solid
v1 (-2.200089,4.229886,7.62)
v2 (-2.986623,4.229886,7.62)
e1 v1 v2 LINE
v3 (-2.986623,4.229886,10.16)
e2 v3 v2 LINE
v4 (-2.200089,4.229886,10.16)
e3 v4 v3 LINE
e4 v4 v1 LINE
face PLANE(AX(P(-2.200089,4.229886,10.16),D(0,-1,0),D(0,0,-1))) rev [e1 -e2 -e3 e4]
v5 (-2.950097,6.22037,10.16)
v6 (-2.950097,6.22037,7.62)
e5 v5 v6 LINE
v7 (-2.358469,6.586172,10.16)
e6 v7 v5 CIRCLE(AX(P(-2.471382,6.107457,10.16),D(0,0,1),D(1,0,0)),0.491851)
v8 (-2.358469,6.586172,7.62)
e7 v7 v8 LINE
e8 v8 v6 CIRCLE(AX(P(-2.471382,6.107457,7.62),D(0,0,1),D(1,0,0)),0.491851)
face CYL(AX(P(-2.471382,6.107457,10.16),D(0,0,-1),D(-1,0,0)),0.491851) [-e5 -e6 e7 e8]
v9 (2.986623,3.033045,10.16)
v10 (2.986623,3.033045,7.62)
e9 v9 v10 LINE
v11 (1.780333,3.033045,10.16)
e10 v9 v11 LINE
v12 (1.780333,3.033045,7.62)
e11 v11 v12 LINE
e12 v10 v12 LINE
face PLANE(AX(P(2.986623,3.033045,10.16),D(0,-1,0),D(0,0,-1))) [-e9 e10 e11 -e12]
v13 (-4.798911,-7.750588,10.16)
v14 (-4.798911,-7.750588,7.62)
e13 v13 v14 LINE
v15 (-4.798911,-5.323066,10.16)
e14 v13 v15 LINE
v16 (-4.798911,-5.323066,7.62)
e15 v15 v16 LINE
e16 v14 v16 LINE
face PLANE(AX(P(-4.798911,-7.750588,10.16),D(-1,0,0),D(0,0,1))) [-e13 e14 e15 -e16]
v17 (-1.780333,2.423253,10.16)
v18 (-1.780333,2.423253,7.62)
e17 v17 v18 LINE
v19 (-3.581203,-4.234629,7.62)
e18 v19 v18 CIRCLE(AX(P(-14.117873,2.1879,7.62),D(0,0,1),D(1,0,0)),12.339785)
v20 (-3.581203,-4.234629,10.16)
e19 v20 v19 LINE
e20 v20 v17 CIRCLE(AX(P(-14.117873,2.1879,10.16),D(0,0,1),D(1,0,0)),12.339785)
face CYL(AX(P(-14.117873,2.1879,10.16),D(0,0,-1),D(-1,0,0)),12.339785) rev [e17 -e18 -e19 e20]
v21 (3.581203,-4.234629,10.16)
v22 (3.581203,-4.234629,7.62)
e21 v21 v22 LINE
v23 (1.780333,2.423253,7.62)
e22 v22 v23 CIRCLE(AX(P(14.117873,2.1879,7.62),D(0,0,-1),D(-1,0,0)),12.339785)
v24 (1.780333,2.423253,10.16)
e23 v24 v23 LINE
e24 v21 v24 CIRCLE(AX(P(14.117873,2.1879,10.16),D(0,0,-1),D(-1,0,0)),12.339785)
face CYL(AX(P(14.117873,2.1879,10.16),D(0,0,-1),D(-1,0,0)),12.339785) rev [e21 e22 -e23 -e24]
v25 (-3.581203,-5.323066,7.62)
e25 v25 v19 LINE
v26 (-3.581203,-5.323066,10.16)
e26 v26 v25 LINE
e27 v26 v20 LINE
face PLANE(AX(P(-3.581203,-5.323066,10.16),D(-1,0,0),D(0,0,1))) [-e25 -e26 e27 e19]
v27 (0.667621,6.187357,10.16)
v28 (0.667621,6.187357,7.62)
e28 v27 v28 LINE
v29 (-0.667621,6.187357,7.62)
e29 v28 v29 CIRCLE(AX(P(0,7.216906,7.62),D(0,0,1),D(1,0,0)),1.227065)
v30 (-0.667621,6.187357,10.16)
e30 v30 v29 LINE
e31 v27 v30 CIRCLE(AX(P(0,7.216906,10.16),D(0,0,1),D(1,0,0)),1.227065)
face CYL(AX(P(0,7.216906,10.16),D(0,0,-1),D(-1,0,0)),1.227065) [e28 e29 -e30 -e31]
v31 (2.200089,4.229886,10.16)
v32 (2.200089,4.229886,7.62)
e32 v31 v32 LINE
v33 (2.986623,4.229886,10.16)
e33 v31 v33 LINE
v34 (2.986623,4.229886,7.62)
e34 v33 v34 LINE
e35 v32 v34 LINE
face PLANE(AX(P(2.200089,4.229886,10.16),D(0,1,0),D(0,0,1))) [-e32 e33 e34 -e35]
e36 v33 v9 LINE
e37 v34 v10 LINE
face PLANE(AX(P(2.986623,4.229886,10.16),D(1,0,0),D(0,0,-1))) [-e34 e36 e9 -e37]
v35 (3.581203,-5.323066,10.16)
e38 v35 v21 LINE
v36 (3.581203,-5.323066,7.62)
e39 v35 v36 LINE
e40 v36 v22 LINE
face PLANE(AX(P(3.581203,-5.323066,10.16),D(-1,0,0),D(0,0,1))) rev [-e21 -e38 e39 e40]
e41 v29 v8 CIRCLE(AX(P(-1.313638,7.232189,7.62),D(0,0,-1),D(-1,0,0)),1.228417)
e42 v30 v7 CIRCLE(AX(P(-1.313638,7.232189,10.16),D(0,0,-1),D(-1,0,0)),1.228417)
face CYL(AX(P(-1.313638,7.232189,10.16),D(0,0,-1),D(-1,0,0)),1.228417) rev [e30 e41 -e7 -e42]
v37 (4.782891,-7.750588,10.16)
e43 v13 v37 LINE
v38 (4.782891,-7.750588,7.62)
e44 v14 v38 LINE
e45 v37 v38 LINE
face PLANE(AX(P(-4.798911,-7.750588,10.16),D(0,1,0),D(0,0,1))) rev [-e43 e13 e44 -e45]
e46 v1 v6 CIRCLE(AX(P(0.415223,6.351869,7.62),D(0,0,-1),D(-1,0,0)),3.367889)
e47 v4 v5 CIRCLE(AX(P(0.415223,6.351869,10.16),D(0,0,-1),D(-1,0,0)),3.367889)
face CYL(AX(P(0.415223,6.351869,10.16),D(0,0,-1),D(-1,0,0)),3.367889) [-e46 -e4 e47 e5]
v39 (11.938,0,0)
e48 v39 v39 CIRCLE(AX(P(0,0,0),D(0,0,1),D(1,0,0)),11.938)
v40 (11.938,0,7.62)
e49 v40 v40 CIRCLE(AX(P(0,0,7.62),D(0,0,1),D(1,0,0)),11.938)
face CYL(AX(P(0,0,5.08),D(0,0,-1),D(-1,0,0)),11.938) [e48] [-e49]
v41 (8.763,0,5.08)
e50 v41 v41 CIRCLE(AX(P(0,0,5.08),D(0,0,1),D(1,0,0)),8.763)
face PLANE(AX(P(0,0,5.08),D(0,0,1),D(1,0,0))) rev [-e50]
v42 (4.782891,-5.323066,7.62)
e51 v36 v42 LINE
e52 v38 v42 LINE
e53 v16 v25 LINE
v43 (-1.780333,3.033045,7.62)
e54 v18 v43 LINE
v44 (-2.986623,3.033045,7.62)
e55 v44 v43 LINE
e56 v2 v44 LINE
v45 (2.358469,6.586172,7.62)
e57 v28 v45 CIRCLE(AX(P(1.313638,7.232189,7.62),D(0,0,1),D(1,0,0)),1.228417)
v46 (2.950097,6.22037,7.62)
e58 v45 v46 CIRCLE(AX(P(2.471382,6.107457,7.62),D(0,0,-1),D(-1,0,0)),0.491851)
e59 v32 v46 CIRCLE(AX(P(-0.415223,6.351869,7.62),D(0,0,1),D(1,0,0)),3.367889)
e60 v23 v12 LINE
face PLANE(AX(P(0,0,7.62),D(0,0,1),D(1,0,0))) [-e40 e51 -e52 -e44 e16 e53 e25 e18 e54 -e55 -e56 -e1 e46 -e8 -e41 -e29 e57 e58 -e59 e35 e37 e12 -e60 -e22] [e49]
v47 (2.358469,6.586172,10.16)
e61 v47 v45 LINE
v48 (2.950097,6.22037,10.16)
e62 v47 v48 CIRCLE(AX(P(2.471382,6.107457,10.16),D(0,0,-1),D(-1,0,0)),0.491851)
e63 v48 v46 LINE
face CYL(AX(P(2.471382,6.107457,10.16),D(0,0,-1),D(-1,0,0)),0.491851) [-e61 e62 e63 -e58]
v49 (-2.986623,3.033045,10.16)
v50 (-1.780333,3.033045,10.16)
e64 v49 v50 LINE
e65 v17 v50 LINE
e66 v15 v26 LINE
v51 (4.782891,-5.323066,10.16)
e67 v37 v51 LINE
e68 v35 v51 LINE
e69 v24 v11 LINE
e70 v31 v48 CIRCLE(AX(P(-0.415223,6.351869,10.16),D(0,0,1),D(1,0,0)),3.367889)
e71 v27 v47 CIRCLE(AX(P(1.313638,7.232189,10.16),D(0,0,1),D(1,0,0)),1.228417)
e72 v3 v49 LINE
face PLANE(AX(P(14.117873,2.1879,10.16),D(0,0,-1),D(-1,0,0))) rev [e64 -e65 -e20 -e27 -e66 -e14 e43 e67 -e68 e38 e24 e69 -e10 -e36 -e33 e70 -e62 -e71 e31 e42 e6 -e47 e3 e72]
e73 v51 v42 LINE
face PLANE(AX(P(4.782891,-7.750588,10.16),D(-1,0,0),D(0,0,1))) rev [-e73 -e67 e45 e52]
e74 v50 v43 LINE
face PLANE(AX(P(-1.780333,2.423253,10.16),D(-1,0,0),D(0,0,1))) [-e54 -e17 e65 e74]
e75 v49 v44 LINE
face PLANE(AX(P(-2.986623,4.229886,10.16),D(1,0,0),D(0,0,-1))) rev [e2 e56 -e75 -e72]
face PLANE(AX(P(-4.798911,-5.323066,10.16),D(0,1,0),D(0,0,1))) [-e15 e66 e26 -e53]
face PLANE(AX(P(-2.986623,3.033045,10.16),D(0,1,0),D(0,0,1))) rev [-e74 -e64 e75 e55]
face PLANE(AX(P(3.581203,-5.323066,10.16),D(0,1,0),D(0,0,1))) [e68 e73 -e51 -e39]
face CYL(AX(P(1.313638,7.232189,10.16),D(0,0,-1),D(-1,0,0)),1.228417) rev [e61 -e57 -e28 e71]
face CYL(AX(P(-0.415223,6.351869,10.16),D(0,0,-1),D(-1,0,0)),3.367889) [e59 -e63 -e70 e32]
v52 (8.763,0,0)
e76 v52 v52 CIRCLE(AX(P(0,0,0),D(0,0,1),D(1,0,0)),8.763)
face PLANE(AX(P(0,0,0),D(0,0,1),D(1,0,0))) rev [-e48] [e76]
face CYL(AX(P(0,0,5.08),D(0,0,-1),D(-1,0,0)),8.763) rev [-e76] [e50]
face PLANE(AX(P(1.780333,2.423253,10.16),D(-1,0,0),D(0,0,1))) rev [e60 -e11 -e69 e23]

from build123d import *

# Parameters (mm, degrees)
SKETCH1_R           = 11.938
SKETCH1_R_2         = 8.763
BOSS_EXTRUDE1_DEPTH = 5.08
SKETCH2_R           = 11.938
BOSS_EXTRUDE2_DEPTH = 2.54
BOSS_EXTRUDE7_DEPTH = 2.54


with BuildPart() as part:
    # Sketch1 → Boss-Extrude1 (new body)
    with BuildSketch(Plane.XY):
        Circle(SKETCH1_R)
        Circle(SKETCH1_R_2, mode=Mode.SUBTRACT)
    extrude(amount=BOSS_EXTRUDE1_DEPTH)

    # Sketch2 → Boss-Extrude2 (add)
    with BuildSketch(Plane.XY.offset(5.08)):
        Circle(SKETCH2_R)
    extrude(amount=BOSS_EXTRUDE2_DEPTH)

    # Sketch3 → Boss-Extrude7 (add)
    with BuildSketch(Plane.XY.offset(7.62)):
        with BuildLine():
            Line((-3.581203205, -5.323066216), (-3.581203205, -4.234628776))
            ThreePointArc((-3.581203205, -4.234628776), (-2.206146934, -1.034066779), (-1.780332767, 2.423252867))
            Line((-1.780332767, 2.423252867), (-1.780332767, 3.033045049))
            Line((-1.780332767, 3.033045049), (-2.98662319, 3.033045049))
            Line((-2.98662319, 3.033045049), (-2.98662319, 4.229885576))
            Line((-2.98662319, 4.229885576), (-2.200089182, 4.229885576))
            ThreePointArc((-2.200089182, 4.229885576), (-2.736363422, 5.164361527), (-2.950097006, 6.220369728))
            ThreePointArc((-2.950097006, 6.220369728), (-2.730043081, 6.525801031), (-2.358468914, 6.586171955))
            ThreePointArc((-2.358468914, 6.586171955), (-1.595642249, 6.036578644), (-0.667621184, 6.187357394))
            ThreePointArc((-0.667621184, 6.187357394), (0, 8.443971822), (0.667621184, 6.187357394))
            ThreePointArc((0.667621184, 6.187357394), (1.595642249, 6.036578644), (2.358468914, 6.586171955))
            ThreePointArc((2.358468914, 6.586171955), (2.730043081, 6.525801031), (2.950097006, 6.220369728))
            ThreePointArc((2.950097006, 6.220369728), (2.736363422, 5.164361527), (2.200089182, 4.229885576))
            Line((2.200089182, 4.229885576), (2.98662319, 4.229885576))
            Line((2.98662319, 4.229885576), (2.98662319, 3.033045049))
            Line((2.98662319, 3.033045049), (1.780332767, 3.033045049))
            Line((1.780332767, 3.033045049), (1.780332767, 2.423252867))
            ThreePointArc((1.780332767, 2.423252867), (2.206146934, -1.034066779), (3.581203205, -4.234628776))
            Line((3.581203205, -4.234628776), (3.581203205, -5.323066216))
            Line((3.581203205, -5.323066216), (4.782890844, -5.323066216))
            Line((4.782890844, -5.323066216), (4.782890844, -7.750587613))
            Line((4.782890844, -7.750587613), (-4.798911093, -7.750587613))
            Line((-4.798911093, -7.750587613), (-4.798911093, -5.323066216))
            Line((-4.798911093, -5.323066216), (-3.581203205, -5.323066216))
        make_face()
    extrude(amount=BOSS_EXTRUDE7_DEPTH)


solid = part.part
